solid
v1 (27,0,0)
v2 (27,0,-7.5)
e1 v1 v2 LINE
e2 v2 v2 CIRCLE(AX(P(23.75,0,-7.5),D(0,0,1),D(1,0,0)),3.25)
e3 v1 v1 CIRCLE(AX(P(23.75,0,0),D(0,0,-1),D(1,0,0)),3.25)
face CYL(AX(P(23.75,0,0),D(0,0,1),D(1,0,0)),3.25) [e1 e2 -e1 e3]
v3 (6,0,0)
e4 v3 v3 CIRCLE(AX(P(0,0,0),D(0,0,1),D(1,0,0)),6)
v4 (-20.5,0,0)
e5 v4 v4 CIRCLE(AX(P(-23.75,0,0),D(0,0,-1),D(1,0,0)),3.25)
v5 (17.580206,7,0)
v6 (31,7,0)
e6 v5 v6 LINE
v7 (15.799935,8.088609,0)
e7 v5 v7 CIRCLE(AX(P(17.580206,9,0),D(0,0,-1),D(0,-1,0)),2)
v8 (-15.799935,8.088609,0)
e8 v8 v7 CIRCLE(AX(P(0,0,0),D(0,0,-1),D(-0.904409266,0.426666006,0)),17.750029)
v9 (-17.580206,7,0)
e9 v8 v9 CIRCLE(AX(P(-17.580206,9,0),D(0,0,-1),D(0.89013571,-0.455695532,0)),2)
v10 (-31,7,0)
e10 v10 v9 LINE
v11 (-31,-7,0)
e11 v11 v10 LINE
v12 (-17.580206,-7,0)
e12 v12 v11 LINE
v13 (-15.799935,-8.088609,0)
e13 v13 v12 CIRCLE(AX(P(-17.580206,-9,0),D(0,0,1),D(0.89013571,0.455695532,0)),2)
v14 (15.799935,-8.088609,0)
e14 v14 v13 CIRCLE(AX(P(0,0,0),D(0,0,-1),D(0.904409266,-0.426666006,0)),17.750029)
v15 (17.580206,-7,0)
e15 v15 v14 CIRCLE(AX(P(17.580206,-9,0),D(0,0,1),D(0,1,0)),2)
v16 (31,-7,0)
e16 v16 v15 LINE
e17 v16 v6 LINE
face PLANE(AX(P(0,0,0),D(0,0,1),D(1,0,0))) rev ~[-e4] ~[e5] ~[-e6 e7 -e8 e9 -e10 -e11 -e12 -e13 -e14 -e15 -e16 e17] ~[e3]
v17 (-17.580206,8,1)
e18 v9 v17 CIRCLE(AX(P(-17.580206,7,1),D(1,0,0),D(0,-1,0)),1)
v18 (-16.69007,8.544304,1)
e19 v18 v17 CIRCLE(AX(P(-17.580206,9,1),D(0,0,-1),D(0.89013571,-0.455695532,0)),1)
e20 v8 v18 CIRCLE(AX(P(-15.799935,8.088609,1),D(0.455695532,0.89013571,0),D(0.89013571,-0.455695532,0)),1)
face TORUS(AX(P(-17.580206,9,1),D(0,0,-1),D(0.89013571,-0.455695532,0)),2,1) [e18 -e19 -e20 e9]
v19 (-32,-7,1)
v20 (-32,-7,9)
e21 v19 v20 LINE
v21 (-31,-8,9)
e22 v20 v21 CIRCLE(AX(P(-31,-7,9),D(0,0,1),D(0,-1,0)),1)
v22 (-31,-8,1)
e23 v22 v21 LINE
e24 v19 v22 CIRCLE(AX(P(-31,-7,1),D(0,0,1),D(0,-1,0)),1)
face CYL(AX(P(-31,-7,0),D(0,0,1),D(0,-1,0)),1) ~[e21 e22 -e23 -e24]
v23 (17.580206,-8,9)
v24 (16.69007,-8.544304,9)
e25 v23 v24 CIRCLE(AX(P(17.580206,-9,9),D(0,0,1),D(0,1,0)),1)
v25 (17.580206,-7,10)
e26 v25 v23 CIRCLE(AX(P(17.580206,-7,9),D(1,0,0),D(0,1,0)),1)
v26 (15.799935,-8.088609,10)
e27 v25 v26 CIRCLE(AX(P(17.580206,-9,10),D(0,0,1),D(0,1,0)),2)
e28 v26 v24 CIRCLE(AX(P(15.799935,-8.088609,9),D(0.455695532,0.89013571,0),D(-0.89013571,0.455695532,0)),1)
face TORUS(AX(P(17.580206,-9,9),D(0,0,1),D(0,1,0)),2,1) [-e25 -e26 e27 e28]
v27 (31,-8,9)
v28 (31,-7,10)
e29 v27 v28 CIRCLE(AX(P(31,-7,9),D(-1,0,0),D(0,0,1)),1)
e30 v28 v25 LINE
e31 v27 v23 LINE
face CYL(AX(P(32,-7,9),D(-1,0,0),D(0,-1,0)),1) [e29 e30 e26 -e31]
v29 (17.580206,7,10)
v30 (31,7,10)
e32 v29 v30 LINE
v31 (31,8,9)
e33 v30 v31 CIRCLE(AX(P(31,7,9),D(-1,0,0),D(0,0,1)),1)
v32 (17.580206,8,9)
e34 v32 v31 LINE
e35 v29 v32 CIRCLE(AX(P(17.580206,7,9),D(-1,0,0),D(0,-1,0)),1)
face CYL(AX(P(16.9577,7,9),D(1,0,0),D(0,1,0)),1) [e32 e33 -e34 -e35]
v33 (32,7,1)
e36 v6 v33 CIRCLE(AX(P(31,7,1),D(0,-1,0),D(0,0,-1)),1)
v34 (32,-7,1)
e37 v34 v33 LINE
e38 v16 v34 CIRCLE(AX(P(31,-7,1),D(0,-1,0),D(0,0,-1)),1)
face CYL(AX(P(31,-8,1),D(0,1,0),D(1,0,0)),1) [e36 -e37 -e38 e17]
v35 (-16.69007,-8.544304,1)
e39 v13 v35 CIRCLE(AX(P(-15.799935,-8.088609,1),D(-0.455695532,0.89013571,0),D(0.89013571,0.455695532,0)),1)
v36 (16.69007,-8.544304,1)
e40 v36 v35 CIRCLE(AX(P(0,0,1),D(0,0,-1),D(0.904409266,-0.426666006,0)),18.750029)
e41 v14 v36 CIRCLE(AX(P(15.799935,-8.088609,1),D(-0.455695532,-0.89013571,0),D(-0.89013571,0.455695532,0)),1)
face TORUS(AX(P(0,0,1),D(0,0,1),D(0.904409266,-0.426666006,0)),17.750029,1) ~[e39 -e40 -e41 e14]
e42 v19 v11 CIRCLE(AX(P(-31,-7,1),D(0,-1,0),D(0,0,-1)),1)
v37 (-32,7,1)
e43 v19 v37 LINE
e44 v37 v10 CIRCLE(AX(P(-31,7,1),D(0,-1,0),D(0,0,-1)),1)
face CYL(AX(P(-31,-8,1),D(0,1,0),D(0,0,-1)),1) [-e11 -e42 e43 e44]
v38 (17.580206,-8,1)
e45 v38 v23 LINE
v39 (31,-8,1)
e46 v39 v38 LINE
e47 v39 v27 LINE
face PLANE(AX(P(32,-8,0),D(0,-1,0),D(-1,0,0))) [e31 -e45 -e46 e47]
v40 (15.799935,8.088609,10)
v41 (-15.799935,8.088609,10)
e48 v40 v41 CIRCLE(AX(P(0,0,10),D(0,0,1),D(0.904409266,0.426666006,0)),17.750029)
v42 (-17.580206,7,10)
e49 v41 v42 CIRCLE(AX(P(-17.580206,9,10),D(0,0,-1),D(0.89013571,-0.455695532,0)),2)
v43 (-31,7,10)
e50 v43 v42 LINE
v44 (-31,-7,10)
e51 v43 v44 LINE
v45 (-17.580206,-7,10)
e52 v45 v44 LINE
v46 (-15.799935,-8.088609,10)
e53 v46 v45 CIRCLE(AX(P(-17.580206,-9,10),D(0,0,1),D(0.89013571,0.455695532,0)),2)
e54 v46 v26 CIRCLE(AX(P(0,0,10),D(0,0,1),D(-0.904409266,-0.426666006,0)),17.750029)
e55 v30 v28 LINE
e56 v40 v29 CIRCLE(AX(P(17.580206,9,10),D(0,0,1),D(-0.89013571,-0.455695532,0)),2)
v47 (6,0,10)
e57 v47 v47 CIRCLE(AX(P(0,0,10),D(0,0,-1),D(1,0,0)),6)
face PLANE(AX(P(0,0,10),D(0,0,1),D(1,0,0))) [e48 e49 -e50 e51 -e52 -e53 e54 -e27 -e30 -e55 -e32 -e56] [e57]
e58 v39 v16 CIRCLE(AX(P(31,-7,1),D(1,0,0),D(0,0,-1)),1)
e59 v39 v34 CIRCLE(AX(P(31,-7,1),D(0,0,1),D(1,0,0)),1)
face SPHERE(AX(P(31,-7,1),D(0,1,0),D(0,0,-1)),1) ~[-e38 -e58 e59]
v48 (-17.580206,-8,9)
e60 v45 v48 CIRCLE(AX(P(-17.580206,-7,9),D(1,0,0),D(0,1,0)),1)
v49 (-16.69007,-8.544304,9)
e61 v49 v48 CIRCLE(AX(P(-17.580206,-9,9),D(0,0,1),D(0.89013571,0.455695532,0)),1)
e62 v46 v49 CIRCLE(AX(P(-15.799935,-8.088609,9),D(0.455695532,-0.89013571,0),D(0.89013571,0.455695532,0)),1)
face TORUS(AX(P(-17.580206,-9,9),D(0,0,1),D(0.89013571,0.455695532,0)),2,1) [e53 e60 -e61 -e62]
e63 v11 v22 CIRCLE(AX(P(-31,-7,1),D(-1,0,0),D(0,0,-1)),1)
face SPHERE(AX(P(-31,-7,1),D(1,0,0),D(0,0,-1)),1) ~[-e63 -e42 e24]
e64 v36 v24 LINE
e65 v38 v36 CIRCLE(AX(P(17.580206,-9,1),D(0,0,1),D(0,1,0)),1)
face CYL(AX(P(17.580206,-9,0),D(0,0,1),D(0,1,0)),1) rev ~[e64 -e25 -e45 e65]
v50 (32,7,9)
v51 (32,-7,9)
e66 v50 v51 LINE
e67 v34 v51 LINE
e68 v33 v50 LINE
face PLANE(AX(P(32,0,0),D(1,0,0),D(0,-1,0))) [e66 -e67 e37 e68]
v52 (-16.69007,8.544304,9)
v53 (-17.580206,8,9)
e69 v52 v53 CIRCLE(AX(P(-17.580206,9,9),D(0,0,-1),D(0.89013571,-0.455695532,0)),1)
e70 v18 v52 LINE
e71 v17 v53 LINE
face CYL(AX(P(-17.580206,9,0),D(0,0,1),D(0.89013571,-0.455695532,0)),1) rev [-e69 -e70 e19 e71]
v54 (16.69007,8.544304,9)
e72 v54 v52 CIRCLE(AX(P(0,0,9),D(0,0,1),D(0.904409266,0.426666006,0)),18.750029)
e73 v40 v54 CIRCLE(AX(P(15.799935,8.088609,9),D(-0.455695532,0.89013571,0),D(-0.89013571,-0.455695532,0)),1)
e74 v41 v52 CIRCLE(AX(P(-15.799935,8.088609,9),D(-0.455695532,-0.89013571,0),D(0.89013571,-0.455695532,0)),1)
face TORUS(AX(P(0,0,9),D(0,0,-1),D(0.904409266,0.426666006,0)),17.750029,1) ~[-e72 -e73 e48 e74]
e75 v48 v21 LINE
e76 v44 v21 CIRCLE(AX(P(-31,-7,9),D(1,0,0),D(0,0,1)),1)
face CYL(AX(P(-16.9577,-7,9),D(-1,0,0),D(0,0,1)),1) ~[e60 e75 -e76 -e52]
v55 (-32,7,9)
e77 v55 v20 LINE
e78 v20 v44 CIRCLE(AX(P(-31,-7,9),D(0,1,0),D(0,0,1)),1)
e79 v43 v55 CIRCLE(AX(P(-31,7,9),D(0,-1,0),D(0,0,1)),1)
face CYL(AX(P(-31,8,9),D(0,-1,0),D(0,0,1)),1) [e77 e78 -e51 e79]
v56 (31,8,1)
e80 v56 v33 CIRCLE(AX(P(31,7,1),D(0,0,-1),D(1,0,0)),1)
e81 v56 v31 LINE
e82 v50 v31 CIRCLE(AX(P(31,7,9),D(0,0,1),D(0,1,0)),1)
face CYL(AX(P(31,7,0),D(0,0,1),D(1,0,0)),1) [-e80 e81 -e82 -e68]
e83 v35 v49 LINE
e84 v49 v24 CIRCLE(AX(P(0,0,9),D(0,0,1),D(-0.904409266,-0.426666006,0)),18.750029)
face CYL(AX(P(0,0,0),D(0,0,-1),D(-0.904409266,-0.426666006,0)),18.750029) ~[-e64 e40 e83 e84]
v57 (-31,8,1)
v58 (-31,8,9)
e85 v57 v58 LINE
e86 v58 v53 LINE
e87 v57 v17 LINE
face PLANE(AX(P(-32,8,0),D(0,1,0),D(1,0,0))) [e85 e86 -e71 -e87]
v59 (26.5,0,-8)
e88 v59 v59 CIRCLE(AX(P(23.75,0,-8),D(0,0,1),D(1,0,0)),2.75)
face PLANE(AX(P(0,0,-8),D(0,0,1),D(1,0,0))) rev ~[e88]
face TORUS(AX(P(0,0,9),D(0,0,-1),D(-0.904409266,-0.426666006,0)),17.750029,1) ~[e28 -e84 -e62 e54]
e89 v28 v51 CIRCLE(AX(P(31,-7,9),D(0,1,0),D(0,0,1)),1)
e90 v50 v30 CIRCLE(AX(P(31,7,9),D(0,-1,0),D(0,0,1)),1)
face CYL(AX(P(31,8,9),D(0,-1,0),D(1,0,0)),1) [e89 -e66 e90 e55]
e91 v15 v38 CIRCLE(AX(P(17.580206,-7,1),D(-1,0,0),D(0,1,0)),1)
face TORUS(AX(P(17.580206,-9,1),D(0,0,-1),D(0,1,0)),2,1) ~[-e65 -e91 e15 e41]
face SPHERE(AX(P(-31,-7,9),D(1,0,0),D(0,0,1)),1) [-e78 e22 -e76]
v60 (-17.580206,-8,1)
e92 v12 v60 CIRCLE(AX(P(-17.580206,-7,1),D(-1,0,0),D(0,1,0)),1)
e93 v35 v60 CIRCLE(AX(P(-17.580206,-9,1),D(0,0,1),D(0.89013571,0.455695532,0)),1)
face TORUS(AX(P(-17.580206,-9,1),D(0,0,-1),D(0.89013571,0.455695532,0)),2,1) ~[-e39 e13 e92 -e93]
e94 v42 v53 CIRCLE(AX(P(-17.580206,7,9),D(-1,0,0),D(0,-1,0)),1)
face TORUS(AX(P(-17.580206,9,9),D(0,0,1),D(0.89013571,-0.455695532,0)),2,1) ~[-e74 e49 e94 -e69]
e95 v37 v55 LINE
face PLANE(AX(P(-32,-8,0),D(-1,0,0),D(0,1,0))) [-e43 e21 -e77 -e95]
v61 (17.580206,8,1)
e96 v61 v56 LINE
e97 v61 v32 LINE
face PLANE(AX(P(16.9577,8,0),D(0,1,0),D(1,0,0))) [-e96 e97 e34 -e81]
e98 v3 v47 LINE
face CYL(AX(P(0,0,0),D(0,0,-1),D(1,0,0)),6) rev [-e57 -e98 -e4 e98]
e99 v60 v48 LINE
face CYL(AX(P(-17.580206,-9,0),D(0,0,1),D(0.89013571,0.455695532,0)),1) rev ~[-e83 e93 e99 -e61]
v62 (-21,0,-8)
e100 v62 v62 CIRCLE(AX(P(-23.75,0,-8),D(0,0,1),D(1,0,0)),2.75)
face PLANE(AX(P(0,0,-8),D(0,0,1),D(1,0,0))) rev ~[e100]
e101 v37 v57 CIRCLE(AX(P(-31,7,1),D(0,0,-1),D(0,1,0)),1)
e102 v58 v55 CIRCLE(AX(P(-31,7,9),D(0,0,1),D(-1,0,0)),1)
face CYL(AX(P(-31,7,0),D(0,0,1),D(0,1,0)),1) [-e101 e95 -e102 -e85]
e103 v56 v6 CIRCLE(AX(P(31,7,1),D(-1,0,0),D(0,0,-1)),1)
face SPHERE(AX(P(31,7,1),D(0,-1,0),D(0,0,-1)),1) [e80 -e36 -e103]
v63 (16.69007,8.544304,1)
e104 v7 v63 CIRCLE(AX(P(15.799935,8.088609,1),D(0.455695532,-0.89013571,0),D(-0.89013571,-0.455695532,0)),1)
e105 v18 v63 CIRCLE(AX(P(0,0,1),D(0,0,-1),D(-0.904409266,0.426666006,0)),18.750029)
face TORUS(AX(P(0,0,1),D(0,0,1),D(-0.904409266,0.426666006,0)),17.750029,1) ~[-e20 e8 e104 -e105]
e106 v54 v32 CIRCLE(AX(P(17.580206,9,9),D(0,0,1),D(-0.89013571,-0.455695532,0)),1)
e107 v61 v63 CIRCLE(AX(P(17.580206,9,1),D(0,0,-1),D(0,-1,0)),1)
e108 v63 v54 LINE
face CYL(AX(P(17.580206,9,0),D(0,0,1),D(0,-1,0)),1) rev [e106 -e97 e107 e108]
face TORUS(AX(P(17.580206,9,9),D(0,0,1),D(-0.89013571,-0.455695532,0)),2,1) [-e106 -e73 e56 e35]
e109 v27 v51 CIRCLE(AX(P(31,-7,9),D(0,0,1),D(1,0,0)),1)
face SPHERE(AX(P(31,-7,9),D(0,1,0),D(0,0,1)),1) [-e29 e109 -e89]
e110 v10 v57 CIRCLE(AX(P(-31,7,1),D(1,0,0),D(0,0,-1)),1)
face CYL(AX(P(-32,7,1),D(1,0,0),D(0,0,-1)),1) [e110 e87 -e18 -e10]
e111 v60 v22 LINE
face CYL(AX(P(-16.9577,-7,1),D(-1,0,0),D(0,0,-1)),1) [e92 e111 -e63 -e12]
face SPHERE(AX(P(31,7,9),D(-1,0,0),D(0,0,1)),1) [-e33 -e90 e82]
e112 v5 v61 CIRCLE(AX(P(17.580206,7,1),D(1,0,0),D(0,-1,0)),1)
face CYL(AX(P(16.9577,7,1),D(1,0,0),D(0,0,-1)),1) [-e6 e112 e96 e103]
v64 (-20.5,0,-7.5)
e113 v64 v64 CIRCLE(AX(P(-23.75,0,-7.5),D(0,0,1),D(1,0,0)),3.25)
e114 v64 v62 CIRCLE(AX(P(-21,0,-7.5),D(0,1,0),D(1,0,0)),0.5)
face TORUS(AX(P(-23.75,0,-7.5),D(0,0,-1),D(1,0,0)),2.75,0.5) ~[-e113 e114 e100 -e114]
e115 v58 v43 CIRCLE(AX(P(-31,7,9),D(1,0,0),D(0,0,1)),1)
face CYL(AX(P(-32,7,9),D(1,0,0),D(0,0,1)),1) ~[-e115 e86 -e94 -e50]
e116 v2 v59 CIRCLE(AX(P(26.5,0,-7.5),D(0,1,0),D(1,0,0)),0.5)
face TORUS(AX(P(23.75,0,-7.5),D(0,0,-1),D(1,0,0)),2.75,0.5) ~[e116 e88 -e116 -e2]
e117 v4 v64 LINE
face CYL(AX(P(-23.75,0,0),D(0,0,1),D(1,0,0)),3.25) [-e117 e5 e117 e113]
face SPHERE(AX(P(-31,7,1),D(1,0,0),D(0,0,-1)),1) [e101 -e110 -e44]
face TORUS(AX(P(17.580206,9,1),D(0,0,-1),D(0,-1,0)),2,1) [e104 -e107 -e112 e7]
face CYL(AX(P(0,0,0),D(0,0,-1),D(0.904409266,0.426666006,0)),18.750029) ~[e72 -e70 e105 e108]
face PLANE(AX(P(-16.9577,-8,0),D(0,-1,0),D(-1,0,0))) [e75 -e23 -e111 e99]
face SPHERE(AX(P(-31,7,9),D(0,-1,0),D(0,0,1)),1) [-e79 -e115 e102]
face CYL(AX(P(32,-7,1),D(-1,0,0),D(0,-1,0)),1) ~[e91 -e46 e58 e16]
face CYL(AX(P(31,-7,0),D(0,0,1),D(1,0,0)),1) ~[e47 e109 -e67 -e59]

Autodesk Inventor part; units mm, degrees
ref_plane "YZ Plane" through (0, 0, 0) normal (1, 0, 0) x (0, 1, 0)
ref_plane "XZ Plane" through (0, 0, 0) normal (0, 1, 0) x (-1, 0, 0)
ref_plane "XY Plane" through (0, 0, 0) normal (0, 0, 1) x (1, 0, 0)
sketch "Sketch1" plane through (0, 0, 0) normal (0, 0, 1) x (1, 0, 0)
  circle A0 centre (0, 0) radius 6
  circle A1 centre (-23.75, 0) radius 3.25
  line L0 (-20.5, 0) -> (-20.5, 3.4324)
  line L1 (-27, 0) -> (-27, 3.2184)
  line L2 (-44.8, 0) -> (44.8, 0) projected
  line L3 (0, 26.25) -> (0, -26.25) projected
  circle A2 centre (23.75, 0) radius 3.25
  line L4 (32, 8) -> (32, -8)
  line L5 (-32, -8) -> (-32, 8)
  arc A3 (-16.9577, -8) -> (16.9577, -8) centre (0, 0) ccw
  arc A4 (16.9577, 8) -> (-16.9577, 8) centre (0, 0) ccw
  line L6 (32, -8) -> (16.9577, -8)
  line L7 (-16.9577, -8) -> (-32, -8)
  line L8 (-32, 8) -> (-16.9577, 8)
  line L9 (16.9577, 8) -> (32, 8)
  dimension "d0" = 12
  dimension "d4" = 20.5
  dimension "d5" = 27
  dimension "d9" = 5
  dimension "d10" = 18.75
  dimension "d11" = 18.75
extrude "Extrusion1" add sketch "Sketch1" along normal blind 10 contours L2 A2 L4 L6 A3 L3 A0 | A0 L3 A4 L9 L4 L2 A2 | A0 L2 A1 L5 L8 A4 L3 | L3 A3 L7 L5 L2 A1 A0 | A2 L2 | L2 A2 | L2 A1 | A1 L2
extrude "Extrusion2" add sketch "Sketch1" against normal blind 8 contours A2 L2 | L2 A2 | L2 A1 | A1 L2
fillet "Fillet1" radius 1 24 edges at (0, 18.75, 10) (24.4788, 8, 10) (32, 0, 10) (24.4788, -8, 10) (0, -18.75, 10) (-24.4788, -8, 10) (-32, 0, 10) (-24.4788, 8, 10) (32, 0, 0) (24.4788, 8, 0) (0, 18.75, 0) (24.4788, -8, 0) (0, -18.75, 0) (-24.4788, -8, 0) (-24.4788, 8, 0) (-32, 0, 0) (-32, -8, 5) (-32, 8, 5) (32, 8, 5) (32, -8, 5) (16.9577, -8, 5) (-16.9577, -8, 5) (-16.9577, 8, 5) (16.9577, 8, 5)
fillet "Fillet3" radius 0.5 2 edges at (20.5, 0, -8) (-27, 0, -8)
thread "Thread1" size "M12x1.5" class "6H" standard "ANSI Metric M Profile" full length
properties part number "Steering Front"
